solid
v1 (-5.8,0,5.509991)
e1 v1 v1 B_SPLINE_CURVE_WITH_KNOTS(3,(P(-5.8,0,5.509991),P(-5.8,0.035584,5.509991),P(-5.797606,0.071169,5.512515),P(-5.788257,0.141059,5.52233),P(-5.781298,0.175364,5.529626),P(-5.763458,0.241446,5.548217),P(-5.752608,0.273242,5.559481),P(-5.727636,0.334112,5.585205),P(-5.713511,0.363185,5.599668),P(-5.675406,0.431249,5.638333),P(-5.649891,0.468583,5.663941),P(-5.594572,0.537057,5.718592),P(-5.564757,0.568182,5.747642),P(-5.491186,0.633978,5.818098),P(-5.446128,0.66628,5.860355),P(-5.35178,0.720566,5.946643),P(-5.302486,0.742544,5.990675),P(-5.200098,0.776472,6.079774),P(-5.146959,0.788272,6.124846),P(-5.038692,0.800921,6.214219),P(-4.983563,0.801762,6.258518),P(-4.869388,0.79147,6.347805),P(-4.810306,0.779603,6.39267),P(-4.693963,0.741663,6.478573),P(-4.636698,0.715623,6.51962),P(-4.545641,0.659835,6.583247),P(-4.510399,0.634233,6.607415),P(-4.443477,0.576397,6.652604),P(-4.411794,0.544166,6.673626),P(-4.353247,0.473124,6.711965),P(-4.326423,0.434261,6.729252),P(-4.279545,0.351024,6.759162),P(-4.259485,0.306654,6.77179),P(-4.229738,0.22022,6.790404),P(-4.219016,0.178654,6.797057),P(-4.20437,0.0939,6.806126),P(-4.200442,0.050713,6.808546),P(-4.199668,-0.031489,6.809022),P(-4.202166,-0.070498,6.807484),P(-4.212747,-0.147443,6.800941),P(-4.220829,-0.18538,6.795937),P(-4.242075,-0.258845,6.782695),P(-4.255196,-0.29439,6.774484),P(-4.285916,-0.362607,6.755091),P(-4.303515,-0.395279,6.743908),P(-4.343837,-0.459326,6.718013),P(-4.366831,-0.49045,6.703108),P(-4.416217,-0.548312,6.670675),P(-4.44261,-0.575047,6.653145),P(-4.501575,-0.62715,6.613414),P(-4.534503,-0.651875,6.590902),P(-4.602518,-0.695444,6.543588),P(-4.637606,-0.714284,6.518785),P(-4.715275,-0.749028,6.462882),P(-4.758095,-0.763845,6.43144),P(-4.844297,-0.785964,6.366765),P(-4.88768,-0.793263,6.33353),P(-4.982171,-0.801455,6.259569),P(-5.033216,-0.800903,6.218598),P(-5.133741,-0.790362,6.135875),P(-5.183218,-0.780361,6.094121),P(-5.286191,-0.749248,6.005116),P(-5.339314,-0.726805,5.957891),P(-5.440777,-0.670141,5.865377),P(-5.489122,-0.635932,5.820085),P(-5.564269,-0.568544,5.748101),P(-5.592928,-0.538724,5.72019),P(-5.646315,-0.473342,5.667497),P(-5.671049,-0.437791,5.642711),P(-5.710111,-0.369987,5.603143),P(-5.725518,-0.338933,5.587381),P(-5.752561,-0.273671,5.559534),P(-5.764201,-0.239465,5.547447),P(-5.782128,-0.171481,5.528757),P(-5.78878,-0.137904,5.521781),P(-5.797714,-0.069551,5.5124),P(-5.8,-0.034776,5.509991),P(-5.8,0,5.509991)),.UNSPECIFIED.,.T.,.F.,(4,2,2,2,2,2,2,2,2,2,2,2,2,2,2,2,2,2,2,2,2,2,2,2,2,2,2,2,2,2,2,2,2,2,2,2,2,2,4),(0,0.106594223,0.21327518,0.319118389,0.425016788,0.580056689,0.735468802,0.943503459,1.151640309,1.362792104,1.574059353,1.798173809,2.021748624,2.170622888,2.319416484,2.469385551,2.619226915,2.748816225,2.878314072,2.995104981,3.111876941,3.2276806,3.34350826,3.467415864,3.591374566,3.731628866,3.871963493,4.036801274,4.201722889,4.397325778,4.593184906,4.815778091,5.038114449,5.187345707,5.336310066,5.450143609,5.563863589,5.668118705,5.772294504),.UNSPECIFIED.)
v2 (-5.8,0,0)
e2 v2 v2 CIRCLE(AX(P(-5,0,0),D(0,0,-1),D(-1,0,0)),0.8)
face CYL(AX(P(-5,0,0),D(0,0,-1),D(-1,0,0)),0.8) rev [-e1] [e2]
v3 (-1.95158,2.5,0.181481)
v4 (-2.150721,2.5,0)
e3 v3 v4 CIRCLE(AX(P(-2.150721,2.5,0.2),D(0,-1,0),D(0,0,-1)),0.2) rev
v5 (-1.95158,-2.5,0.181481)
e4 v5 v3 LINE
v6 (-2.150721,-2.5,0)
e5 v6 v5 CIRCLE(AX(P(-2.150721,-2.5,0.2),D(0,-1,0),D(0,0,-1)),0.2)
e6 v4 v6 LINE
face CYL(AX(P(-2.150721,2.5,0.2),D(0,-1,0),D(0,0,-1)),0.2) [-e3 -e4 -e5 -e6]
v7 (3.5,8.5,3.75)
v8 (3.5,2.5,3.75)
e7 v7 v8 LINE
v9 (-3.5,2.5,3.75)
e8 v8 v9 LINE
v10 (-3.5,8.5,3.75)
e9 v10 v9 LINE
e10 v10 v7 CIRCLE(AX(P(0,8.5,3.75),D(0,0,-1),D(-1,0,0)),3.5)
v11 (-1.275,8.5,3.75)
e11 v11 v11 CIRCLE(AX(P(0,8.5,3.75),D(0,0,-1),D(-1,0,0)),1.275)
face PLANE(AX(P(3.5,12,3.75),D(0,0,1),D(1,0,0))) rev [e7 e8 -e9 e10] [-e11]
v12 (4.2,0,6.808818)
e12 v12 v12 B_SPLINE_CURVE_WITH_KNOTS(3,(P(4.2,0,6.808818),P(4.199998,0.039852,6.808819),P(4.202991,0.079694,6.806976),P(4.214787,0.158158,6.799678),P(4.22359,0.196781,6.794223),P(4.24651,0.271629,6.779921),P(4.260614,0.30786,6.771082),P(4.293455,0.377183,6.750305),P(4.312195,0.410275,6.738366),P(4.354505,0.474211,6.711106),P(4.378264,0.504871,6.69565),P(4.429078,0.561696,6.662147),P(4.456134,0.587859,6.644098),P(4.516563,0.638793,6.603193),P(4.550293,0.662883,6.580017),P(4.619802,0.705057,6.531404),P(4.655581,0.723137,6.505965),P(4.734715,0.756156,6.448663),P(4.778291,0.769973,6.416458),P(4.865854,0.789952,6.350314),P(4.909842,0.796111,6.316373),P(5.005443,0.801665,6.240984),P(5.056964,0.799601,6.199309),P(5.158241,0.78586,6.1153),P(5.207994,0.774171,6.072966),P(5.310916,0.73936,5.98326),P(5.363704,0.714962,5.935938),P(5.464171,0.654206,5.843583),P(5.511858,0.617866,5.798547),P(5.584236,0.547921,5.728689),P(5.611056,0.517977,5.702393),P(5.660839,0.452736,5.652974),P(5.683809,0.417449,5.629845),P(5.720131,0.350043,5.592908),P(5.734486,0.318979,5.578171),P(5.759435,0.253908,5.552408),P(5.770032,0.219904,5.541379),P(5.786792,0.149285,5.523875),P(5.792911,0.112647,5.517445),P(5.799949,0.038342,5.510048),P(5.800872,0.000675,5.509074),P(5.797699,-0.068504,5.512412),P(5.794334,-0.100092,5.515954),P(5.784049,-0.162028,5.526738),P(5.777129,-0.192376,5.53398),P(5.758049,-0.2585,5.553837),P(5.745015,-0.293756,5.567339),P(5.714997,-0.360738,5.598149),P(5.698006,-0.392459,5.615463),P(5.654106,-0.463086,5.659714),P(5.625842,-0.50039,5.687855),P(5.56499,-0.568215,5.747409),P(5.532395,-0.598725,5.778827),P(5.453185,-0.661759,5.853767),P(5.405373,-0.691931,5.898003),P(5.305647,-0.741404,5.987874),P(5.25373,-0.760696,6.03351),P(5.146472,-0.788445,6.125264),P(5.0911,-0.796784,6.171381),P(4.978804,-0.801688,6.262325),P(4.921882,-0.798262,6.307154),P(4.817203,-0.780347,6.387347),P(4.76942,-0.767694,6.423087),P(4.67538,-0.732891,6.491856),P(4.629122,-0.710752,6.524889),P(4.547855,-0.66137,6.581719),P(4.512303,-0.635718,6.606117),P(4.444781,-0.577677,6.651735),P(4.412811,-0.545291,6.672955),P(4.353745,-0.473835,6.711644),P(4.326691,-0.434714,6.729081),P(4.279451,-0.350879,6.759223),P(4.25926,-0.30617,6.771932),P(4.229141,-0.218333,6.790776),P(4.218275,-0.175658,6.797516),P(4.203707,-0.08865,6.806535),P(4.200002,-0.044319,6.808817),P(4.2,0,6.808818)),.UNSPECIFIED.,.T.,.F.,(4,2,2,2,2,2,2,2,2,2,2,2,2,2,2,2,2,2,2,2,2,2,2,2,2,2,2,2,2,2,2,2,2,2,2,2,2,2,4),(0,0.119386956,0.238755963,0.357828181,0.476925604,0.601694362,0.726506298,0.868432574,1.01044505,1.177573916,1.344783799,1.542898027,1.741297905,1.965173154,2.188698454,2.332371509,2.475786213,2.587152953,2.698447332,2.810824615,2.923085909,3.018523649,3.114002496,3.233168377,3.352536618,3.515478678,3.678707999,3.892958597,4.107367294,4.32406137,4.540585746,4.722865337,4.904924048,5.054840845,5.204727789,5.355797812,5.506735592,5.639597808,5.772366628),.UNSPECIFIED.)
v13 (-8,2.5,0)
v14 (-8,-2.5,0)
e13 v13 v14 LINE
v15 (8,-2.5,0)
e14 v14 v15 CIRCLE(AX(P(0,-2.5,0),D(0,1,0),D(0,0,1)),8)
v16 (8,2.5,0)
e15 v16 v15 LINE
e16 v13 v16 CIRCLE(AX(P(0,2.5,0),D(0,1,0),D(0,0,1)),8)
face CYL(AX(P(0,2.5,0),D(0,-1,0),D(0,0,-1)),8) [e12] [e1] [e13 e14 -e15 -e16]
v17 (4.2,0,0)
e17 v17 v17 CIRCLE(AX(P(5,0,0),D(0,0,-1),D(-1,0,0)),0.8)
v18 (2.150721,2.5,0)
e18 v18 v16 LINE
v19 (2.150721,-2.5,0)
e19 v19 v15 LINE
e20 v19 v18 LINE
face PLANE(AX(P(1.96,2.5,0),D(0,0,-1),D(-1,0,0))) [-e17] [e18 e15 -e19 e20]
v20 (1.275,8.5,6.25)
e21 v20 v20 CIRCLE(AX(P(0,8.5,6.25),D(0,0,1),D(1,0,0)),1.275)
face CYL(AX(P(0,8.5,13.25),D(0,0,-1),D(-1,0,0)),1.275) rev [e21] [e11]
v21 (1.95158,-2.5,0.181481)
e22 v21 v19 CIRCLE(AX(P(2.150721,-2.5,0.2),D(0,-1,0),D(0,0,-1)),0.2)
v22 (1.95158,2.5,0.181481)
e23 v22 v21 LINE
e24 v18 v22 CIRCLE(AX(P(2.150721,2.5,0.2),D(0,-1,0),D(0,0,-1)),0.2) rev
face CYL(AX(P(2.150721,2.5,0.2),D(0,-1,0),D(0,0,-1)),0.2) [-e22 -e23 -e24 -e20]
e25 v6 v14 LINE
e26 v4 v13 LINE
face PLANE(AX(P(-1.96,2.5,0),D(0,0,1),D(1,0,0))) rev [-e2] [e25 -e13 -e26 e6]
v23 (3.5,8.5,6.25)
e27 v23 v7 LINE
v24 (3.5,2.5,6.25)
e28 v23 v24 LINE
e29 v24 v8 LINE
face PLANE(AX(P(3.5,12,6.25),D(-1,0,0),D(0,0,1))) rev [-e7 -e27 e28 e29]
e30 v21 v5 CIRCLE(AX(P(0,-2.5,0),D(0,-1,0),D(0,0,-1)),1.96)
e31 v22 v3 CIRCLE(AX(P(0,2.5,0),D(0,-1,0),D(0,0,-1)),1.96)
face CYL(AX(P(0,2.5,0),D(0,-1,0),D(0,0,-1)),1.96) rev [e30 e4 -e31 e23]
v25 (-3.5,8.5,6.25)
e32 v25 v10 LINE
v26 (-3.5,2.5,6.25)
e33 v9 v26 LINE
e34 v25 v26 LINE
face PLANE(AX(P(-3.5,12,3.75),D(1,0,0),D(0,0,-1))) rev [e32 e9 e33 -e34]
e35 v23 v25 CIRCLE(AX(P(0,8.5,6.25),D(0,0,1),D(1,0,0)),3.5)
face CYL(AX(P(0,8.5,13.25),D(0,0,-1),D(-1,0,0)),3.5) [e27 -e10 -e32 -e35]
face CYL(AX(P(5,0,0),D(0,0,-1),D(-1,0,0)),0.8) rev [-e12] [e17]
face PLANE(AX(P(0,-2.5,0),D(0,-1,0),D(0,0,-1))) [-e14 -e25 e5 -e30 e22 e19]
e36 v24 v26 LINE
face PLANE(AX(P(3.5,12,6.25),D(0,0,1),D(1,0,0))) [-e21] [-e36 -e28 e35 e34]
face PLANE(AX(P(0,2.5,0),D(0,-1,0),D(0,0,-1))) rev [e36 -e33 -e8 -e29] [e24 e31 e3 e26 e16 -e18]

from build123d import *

# Parameters (mm, degrees)
BOSS_EXTRUDE1_DEPTH   = 2.5
SKETCH2_W             = 7
SKETCH2_H             = 2.5
BOSS_EXTRUDE2_DEPTH   = 9.5
CUT_EXTRUDE1_DEPTH    = 9.5
SKETCH4_R             = 1.275
CUT_EXTRUDE2_DEPTH    = 9.5
M2X0_4_TAPPED_HOLE1_D = 1.6
FILLET1_R             = 0.2


with BuildPart() as part:
    # Sketch1 → Boss-Extrude1 (new body, symmetric)
    with BuildSketch(Plane(origin=(0, 0, 0), x_dir=(1, 0, 0), z_dir=(0, 1, 0))):
        with BuildLine():
            Line((1.96, 0), (8, 0))
            ThreePointArc((8, 0), (0, -8), (-8, 0))
            Line((-8, 0), (-1.96, 0))
            ThreePointArc((-1.96, 0), (0, -1.96), (1.96, 0))
        make_face()
    extrude(amount=BOSS_EXTRUDE1_DEPTH, both=True)

    # Sketch2 → Boss-Extrude2 (add)
    with BuildSketch(Plane(origin=(0, 2.5, 0), x_dir=(1, 0, 0), z_dir=(0, 1, 0))):
        with Locations((0, -5)):
            Rectangle(SKETCH2_W, SKETCH2_H)
    extrude(amount=BOSS_EXTRUDE2_DEPTH)

    # Sketch3 → Cut-Extrude1 (cut)
    with BuildSketch(Plane(origin=(0, 0, 3.75), x_dir=(-1, 0, 0), z_dir=(0, 0, -1))):
        with BuildLine():
            Line((-3.5, 8.5), (-3.5, 14.886359519))
            Line((-3.5, 14.886359519), (0, 16.809201746))
            Line((0, 16.809201746), (3.5, 14.5))
            Line((3.5, 14.5), (3.5, 8.5))
            ThreePointArc((3.5, 8.5), (0, 12), (-3.5, 8.5))
        make_face()
    extrude(amount=-CUT_EXTRUDE1_DEPTH, mode=Mode.SUBTRACT)

    # Sketch4 → Cut-Extrude2 (cut)
    with BuildSketch(Plane(origin=(0, 0, 3.75), x_dir=(-1, 0, 0), z_dir=(0, 0, -1))):
        with Locations((0, 8.5)):
            Circle(SKETCH4_R)
    extrude(amount=-CUT_EXTRUDE2_DEPTH, mode=Mode.SUBTRACT)

    # M2x0.4 Tapped Hole1 (through all)
    with Locations(Plane(origin=(0, 0, 0), x_dir=(-1, 0, 0), z_dir=(0, 0, -1))):
        with Locations((-5, 0), (5, 0)):
            Hole(M2X0_4_TAPPED_HOLE1_D / 2)

    # Fillet1
    fillet1_edges = [part.edges().sort_by_distance(p)[0] for p in [
        (1.96, 0, 0),
        (-1.96, 0, 0),
    ]]
    fillet(fillet1_edges, radius=FILLET1_R)


solid = part.part
